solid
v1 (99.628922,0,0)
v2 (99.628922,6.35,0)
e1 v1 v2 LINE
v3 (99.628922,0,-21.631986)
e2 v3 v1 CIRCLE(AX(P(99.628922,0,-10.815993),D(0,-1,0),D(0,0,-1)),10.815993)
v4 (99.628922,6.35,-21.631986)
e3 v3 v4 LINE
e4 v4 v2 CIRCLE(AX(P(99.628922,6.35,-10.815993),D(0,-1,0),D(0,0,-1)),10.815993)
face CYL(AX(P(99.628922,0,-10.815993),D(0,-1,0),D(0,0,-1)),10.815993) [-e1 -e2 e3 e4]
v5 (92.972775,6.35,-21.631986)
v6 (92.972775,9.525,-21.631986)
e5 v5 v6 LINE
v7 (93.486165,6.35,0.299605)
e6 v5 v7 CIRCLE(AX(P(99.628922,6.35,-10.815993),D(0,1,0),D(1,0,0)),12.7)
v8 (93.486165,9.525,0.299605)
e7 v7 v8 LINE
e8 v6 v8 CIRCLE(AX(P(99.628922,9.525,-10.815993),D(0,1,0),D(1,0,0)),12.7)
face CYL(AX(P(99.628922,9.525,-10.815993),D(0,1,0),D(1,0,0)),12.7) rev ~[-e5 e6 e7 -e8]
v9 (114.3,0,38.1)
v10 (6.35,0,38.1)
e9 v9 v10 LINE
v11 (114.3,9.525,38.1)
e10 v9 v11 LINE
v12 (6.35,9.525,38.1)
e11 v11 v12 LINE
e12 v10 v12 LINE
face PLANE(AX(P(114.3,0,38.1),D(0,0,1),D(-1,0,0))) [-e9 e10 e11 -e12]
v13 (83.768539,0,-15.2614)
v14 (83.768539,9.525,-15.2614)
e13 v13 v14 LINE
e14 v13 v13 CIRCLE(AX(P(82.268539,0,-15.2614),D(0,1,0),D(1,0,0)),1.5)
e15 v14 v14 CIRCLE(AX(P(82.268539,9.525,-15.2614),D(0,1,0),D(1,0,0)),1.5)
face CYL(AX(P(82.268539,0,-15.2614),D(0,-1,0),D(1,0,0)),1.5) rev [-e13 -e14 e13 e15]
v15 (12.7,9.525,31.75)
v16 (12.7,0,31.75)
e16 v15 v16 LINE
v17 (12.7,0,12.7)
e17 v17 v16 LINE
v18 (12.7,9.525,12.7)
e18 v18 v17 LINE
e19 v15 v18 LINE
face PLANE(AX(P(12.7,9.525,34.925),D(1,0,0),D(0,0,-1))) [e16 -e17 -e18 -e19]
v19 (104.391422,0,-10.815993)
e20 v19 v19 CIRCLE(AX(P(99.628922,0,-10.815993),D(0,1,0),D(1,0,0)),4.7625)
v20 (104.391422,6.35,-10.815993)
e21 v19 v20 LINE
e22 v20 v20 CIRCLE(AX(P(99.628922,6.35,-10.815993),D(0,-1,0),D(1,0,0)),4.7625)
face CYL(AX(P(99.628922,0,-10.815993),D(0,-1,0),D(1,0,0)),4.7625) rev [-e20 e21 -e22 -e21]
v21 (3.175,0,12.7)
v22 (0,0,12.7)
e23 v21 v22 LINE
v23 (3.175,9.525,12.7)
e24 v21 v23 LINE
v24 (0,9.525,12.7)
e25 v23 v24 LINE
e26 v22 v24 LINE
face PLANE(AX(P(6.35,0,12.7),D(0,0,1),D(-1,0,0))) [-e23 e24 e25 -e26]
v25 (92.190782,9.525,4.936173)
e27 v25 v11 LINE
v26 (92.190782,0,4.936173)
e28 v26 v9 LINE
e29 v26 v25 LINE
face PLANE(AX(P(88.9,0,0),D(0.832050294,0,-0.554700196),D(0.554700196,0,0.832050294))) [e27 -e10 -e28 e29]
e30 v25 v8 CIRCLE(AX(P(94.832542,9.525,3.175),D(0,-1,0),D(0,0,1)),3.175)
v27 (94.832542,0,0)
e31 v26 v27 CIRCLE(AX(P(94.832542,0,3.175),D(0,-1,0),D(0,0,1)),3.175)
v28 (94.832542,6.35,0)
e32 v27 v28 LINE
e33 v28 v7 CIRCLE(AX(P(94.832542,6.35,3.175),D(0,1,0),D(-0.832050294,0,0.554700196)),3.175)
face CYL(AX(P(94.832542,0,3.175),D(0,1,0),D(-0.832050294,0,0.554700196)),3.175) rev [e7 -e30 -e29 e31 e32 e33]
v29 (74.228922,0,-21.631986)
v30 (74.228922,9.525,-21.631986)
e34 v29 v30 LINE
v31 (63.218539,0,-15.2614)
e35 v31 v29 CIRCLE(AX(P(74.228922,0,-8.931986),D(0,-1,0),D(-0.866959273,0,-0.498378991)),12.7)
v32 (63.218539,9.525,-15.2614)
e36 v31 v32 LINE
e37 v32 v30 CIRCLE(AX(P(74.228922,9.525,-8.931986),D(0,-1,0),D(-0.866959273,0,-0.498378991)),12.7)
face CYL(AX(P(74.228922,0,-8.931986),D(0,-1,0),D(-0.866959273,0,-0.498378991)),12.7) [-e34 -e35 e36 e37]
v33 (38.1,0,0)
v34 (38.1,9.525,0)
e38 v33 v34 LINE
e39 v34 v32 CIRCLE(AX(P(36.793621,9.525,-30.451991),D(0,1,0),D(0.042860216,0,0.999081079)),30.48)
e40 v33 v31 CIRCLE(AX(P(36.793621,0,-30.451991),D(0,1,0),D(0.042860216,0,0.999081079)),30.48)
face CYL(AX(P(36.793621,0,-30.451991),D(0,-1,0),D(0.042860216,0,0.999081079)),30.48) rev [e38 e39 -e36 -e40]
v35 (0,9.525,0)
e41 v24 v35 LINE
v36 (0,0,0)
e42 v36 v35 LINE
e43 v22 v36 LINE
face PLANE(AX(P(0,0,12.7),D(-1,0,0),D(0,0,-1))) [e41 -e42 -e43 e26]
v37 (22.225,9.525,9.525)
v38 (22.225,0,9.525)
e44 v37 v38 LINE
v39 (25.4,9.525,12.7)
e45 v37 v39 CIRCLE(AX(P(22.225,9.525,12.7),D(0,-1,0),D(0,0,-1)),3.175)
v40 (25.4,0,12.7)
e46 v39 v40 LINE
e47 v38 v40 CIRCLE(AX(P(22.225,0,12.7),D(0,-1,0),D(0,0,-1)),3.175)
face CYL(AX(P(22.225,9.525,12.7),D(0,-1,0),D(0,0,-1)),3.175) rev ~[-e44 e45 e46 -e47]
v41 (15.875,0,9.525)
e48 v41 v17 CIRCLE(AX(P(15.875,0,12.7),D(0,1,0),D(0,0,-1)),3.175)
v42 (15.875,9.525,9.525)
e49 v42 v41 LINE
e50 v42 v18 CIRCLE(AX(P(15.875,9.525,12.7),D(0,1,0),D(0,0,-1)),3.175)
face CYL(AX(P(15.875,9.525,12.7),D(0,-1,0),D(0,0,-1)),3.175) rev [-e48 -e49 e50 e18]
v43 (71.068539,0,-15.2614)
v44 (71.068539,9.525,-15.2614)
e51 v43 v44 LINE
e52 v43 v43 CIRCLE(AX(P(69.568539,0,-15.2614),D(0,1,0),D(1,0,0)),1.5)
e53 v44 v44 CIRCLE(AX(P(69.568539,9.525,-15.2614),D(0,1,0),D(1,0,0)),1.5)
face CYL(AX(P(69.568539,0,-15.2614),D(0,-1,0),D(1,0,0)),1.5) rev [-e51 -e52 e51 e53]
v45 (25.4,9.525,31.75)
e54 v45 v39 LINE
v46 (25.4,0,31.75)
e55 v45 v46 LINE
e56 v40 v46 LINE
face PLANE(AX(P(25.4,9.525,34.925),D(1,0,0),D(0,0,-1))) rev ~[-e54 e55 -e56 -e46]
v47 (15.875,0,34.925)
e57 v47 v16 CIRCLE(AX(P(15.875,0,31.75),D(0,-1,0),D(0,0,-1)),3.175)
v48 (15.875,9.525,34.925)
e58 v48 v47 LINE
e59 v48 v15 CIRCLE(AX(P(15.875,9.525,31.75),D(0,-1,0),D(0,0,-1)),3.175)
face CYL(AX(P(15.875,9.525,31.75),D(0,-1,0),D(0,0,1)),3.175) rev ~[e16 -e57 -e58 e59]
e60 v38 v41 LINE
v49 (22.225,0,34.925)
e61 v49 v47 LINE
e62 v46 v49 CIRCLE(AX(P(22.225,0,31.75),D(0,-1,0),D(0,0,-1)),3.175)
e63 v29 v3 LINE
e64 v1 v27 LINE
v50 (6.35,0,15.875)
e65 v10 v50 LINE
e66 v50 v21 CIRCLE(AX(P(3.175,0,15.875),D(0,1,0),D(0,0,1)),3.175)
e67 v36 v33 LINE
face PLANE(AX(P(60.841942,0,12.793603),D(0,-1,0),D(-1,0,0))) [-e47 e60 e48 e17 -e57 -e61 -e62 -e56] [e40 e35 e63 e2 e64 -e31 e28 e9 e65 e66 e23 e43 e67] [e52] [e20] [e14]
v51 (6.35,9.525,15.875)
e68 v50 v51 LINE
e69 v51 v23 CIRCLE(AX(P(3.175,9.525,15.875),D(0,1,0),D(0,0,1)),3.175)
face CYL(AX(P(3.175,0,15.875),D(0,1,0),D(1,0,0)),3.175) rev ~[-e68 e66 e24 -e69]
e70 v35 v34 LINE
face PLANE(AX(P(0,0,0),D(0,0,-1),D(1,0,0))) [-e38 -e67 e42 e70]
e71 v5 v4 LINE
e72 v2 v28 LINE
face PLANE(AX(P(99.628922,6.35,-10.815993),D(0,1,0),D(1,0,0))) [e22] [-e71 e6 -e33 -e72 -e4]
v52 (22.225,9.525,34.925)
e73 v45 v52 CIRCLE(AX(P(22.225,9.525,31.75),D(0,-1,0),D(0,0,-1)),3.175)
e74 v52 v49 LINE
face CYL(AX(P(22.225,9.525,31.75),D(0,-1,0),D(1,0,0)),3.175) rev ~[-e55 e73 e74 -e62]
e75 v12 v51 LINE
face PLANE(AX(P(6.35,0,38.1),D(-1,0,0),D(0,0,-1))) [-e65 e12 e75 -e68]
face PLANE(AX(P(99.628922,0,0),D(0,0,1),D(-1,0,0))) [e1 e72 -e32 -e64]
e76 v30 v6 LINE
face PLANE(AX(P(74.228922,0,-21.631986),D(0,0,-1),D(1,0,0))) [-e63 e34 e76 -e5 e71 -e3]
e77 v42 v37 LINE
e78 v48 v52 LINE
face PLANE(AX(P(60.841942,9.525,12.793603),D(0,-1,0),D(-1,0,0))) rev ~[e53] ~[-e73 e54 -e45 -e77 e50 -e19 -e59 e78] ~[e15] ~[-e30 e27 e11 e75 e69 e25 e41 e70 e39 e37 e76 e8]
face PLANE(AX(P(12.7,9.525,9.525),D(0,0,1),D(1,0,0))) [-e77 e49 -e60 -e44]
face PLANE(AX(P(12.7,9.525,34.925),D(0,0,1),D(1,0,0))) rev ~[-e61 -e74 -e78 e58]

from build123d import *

# Parameters (mm, degrees)
SKETCH1_R           = 4.7625
SKETCH1_R_2         = 1.5
BOSS_EXTRUDE1_DEPTH = 9.525
FILLET1_R           = 3.175
FILLET2_R           = 3.175
SKETCH3_R           = 12.7
CUT_EXTRUDE2_DEPTH  = 3.175
SKETCH4_W           = 12.7
SKETCH4_H           = 25.4
CUT_EXTRUDE3_DEPTH  = 10.525
FILLET3_R           = 3.175


with BuildPart() as part:
    # Sketch1 → Boss-Extrude1 (new body)
    with BuildSketch(Plane(origin=(0, 0, 0), x_dir=(1, 0, 0), z_dir=(0, 1, 0))):
        with BuildLine():
            Line((0, 0), (38.1, 0))
            ThreePointArc((38.1, 0), (52.620300687, 4.403064286), (63.218539249, 15.261399634))
            ThreePointArc((63.218539249, 15.261399634), (67.86863694, 19.924564568), (74.228922018, 21.631986448))
            Line((74.228922018, 21.631986448), (99.628922018, 21.631986448))
            ThreePointArc((99.628922018, 21.631986448), (110.444915242, 10.815993224), (99.628922018, 0))
            Line((99.628922018, 0), (88.9, 0))
            Line((88.9, 0), (114.3, -38.1))
            Line((114.3, -38.1), (6.35, -38.1))
            Line((6.35, -38.1), (6.35, -12.7))
            Line((6.35, -12.7), (0, -12.7))
            Line((0, -12.7), (0, 0))
        make_face()
        with Locations((99.628922018, 10.815993224)):
            Circle(SKETCH1_R, mode=Mode.SUBTRACT)
        with Locations((69.568539249, 15.261399634)):
            Circle(SKETCH1_R_2, mode=Mode.SUBTRACT)
        with Locations((82.268539249, 15.261399634)):
            Circle(SKETCH1_R_2, mode=Mode.SUBTRACT)
    extrude(amount=BOSS_EXTRUDE1_DEPTH)

    # Fillet1
    fillet1_edges = [part.edges().sort_by_distance(p)[0] for p in [
        (88.9, 4.7625, 0),
    ]]
    fillet(fillet1_edges, radius=FILLET1_R)

    # Fillet2
    fillet2_edges = [part.edges().sort_by_distance(p)[0] for p in [
        (6.35, 4.7625, 12.7),
    ]]
    fillet(fillet2_edges, radius=FILLET2_R)

    # Sketch3 → Cut-Extrude2 (cut)
    with BuildSketch(Plane(origin=(0, 9.525, 0), x_dir=(1, 0, 0), z_dir=(0, 1, 0))):
        with Locations((99.628922018, 10.815993224)):
            Circle(SKETCH3_R)
    extrude(amount=-CUT_EXTRUDE2_DEPTH, mode=Mode.SUBTRACT)

    # Sketch4 → Cut-Extrude3 (cut, through all)
    with BuildSketch(Plane(origin=(0, 9.525, 0), x_dir=(1, 0, 0), z_dir=(0, 1, 0))):
        with Locations((19.05, -22.225)):
            Rectangle(SKETCH4_W, SKETCH4_H)
    extrude(amount=-CUT_EXTRUDE3_DEPTH, mode=Mode.SUBTRACT)

    # Fillet3
    fillet3_edges = [part.edges().sort_by_distance(p)[0] for p in [
        (12.7, 4.7625, 9.525),
        (25.4, 4.7625, 9.525),
        (25.4, 4.7625, 34.925),
        (12.7, 4.7625, 34.925),
    ]]
    fillet(fillet3_edges, radius=FILLET3_R)


solid = part.part
